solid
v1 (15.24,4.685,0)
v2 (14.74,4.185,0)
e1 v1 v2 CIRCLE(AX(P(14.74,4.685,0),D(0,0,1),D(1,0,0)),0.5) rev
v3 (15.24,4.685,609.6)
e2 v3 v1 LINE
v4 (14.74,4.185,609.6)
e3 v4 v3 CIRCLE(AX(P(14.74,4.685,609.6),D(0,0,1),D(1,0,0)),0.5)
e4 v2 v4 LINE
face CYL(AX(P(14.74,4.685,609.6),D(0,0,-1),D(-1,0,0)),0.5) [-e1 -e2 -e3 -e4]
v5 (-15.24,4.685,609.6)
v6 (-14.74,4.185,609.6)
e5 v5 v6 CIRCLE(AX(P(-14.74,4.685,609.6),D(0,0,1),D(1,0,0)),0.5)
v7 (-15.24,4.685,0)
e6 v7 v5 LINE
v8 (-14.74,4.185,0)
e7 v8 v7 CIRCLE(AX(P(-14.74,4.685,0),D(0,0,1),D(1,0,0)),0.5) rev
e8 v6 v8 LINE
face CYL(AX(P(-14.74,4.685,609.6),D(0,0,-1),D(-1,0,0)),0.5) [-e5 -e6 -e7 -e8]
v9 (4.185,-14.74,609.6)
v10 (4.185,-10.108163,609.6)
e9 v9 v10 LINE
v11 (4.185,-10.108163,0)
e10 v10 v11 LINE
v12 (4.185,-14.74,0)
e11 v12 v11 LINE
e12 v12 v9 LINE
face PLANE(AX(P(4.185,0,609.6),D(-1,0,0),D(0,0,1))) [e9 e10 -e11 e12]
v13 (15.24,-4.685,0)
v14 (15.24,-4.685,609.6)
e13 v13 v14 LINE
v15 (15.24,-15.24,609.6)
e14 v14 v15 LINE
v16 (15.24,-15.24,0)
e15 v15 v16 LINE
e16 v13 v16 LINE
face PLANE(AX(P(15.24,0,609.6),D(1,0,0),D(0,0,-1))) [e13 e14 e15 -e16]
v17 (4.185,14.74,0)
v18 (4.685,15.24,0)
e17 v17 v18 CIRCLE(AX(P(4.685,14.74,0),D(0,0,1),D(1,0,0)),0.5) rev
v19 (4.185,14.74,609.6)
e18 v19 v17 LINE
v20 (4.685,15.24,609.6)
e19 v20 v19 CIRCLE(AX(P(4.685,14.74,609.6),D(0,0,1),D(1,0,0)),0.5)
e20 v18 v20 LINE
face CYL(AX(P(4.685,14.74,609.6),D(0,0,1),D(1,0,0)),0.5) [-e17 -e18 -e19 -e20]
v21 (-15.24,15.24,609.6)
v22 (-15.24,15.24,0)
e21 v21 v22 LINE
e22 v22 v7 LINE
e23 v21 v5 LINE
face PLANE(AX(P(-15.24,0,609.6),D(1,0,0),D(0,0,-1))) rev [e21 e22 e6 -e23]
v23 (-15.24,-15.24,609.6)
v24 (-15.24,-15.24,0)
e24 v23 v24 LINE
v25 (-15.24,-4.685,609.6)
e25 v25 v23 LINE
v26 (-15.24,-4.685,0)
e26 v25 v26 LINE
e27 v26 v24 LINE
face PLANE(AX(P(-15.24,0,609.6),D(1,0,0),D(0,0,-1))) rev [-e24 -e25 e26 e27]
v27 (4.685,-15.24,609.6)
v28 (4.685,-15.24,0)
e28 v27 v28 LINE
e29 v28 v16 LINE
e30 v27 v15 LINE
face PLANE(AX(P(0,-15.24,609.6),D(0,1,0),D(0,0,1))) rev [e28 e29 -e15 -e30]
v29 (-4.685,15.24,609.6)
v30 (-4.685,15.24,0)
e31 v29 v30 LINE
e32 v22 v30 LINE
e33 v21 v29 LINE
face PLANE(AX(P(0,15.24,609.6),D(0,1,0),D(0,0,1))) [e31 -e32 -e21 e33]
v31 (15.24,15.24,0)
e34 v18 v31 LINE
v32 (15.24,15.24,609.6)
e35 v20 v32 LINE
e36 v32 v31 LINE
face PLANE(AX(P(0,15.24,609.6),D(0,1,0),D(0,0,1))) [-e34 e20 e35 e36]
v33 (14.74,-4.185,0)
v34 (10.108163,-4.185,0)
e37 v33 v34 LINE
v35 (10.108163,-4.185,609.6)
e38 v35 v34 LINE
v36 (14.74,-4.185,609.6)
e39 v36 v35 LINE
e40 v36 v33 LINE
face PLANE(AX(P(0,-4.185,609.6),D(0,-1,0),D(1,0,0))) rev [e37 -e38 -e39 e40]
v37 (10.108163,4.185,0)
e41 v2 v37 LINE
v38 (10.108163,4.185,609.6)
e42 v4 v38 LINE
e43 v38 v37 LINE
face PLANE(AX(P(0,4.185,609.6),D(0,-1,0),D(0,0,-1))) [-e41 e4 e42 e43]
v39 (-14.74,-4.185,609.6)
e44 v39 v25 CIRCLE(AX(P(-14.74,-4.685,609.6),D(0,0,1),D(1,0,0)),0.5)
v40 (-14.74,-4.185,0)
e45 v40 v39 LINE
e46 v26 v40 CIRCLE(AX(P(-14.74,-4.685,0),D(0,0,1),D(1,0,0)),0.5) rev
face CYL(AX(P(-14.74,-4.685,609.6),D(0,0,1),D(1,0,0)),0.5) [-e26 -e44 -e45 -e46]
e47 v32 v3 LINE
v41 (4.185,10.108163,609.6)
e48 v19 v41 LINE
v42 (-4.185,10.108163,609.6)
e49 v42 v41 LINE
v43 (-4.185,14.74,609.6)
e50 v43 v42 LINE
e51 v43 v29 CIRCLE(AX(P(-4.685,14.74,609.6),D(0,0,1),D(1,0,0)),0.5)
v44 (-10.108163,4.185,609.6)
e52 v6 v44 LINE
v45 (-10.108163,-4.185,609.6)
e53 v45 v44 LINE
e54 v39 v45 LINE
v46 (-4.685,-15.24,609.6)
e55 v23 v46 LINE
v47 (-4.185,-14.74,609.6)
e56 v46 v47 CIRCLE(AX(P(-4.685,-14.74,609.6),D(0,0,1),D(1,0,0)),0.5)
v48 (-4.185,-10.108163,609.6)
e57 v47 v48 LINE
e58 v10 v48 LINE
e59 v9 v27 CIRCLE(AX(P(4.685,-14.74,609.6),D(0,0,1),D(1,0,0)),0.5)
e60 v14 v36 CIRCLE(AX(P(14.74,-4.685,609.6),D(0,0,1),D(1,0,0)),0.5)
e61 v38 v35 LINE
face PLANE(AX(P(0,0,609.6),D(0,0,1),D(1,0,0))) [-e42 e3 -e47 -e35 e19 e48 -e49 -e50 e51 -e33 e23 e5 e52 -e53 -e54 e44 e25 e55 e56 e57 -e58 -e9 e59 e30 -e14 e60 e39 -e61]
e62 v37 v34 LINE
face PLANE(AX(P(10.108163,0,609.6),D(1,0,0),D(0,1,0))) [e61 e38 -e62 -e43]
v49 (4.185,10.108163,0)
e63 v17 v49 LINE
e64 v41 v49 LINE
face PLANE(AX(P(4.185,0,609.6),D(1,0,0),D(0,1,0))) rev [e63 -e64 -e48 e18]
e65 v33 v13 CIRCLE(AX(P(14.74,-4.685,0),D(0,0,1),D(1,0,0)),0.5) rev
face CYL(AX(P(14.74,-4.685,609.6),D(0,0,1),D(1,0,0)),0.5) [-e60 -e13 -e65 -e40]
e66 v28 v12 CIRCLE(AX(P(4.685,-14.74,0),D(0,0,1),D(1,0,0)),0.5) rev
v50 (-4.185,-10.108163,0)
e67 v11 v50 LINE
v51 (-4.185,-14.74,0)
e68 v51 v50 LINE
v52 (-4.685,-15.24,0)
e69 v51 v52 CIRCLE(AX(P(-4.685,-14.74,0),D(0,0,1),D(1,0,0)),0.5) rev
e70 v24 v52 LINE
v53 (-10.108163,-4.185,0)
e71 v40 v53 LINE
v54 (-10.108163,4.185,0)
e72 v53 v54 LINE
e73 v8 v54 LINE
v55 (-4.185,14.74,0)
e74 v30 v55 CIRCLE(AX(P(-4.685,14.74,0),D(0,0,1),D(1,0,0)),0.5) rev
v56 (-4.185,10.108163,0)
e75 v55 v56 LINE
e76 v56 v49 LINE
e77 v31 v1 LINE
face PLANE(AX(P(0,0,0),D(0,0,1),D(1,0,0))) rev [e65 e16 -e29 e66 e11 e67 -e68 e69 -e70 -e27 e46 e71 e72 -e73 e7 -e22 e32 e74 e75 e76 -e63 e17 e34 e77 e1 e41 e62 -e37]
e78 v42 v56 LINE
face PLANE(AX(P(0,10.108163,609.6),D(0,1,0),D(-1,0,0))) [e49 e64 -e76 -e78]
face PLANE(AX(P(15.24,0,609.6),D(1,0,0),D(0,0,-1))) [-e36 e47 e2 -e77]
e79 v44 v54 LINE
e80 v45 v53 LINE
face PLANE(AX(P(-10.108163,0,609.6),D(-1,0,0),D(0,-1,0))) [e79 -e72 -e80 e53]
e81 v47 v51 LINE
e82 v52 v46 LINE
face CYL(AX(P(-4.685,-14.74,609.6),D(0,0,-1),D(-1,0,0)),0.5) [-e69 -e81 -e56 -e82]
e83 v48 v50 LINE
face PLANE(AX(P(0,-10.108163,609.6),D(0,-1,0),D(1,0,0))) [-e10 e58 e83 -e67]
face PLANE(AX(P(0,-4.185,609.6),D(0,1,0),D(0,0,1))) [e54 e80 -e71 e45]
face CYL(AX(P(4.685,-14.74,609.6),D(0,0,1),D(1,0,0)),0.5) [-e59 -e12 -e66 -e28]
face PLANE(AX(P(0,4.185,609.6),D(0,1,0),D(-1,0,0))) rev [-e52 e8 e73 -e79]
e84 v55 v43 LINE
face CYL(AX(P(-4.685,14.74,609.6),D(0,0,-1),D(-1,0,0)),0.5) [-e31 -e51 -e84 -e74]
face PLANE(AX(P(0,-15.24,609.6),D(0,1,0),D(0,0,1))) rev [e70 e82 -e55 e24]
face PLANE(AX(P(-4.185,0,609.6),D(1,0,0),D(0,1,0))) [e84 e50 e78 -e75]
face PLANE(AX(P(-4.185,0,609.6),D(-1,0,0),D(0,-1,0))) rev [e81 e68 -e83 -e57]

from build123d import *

# Parameters (mm, degrees)
BOSS_EXTRUDE1_DEPTH = 609.6
FILLET1_R           = 0.5


with BuildPart() as part:
    # Sketch1 → Boss-Extrude1 (new body)
    with BuildSketch(Plane.XY):
        Polygon((10.108163265, 4.185), (15.24, 4.185), (15.24, 15.24), (4.185, 15.24), (4.185, 10.108163265), (-4.185, 10.108163265), (-4.185, 15.24), (-15.24, 15.24), (-15.24, 4.185), (-10.108163265, 4.185), (-10.108163265, -4.185), (-15.24, -4.185), (-15.24, -15.24), (-4.185, -15.24), (-4.185, -10.108163265), (4.185, -10.108163265), (4.185, -15.24), (15.24, -15.24), (15.24, -4.185), (10.108163265, -4.185), align=None)
    extrude(amount=BOSS_EXTRUDE1_DEPTH)

    # Fillet1
    fillet1_edges = [part.edges().sort_by_distance(p)[0] for p in [
        (-15.24, 4.185, 304.8),
        (-4.185, 15.24, 304.8),
        (4.185, 15.24, 304.8),
        (15.24, 4.185, 304.8),
        (15.24, -4.185, 304.8),
        (4.185, -15.24, 304.8),
        (-4.185, -15.24, 304.8),
        (-15.24, -4.185, 304.8),
    ]]
    fillet(fillet1_edges, radius=FILLET1_R)


solid = part.part
